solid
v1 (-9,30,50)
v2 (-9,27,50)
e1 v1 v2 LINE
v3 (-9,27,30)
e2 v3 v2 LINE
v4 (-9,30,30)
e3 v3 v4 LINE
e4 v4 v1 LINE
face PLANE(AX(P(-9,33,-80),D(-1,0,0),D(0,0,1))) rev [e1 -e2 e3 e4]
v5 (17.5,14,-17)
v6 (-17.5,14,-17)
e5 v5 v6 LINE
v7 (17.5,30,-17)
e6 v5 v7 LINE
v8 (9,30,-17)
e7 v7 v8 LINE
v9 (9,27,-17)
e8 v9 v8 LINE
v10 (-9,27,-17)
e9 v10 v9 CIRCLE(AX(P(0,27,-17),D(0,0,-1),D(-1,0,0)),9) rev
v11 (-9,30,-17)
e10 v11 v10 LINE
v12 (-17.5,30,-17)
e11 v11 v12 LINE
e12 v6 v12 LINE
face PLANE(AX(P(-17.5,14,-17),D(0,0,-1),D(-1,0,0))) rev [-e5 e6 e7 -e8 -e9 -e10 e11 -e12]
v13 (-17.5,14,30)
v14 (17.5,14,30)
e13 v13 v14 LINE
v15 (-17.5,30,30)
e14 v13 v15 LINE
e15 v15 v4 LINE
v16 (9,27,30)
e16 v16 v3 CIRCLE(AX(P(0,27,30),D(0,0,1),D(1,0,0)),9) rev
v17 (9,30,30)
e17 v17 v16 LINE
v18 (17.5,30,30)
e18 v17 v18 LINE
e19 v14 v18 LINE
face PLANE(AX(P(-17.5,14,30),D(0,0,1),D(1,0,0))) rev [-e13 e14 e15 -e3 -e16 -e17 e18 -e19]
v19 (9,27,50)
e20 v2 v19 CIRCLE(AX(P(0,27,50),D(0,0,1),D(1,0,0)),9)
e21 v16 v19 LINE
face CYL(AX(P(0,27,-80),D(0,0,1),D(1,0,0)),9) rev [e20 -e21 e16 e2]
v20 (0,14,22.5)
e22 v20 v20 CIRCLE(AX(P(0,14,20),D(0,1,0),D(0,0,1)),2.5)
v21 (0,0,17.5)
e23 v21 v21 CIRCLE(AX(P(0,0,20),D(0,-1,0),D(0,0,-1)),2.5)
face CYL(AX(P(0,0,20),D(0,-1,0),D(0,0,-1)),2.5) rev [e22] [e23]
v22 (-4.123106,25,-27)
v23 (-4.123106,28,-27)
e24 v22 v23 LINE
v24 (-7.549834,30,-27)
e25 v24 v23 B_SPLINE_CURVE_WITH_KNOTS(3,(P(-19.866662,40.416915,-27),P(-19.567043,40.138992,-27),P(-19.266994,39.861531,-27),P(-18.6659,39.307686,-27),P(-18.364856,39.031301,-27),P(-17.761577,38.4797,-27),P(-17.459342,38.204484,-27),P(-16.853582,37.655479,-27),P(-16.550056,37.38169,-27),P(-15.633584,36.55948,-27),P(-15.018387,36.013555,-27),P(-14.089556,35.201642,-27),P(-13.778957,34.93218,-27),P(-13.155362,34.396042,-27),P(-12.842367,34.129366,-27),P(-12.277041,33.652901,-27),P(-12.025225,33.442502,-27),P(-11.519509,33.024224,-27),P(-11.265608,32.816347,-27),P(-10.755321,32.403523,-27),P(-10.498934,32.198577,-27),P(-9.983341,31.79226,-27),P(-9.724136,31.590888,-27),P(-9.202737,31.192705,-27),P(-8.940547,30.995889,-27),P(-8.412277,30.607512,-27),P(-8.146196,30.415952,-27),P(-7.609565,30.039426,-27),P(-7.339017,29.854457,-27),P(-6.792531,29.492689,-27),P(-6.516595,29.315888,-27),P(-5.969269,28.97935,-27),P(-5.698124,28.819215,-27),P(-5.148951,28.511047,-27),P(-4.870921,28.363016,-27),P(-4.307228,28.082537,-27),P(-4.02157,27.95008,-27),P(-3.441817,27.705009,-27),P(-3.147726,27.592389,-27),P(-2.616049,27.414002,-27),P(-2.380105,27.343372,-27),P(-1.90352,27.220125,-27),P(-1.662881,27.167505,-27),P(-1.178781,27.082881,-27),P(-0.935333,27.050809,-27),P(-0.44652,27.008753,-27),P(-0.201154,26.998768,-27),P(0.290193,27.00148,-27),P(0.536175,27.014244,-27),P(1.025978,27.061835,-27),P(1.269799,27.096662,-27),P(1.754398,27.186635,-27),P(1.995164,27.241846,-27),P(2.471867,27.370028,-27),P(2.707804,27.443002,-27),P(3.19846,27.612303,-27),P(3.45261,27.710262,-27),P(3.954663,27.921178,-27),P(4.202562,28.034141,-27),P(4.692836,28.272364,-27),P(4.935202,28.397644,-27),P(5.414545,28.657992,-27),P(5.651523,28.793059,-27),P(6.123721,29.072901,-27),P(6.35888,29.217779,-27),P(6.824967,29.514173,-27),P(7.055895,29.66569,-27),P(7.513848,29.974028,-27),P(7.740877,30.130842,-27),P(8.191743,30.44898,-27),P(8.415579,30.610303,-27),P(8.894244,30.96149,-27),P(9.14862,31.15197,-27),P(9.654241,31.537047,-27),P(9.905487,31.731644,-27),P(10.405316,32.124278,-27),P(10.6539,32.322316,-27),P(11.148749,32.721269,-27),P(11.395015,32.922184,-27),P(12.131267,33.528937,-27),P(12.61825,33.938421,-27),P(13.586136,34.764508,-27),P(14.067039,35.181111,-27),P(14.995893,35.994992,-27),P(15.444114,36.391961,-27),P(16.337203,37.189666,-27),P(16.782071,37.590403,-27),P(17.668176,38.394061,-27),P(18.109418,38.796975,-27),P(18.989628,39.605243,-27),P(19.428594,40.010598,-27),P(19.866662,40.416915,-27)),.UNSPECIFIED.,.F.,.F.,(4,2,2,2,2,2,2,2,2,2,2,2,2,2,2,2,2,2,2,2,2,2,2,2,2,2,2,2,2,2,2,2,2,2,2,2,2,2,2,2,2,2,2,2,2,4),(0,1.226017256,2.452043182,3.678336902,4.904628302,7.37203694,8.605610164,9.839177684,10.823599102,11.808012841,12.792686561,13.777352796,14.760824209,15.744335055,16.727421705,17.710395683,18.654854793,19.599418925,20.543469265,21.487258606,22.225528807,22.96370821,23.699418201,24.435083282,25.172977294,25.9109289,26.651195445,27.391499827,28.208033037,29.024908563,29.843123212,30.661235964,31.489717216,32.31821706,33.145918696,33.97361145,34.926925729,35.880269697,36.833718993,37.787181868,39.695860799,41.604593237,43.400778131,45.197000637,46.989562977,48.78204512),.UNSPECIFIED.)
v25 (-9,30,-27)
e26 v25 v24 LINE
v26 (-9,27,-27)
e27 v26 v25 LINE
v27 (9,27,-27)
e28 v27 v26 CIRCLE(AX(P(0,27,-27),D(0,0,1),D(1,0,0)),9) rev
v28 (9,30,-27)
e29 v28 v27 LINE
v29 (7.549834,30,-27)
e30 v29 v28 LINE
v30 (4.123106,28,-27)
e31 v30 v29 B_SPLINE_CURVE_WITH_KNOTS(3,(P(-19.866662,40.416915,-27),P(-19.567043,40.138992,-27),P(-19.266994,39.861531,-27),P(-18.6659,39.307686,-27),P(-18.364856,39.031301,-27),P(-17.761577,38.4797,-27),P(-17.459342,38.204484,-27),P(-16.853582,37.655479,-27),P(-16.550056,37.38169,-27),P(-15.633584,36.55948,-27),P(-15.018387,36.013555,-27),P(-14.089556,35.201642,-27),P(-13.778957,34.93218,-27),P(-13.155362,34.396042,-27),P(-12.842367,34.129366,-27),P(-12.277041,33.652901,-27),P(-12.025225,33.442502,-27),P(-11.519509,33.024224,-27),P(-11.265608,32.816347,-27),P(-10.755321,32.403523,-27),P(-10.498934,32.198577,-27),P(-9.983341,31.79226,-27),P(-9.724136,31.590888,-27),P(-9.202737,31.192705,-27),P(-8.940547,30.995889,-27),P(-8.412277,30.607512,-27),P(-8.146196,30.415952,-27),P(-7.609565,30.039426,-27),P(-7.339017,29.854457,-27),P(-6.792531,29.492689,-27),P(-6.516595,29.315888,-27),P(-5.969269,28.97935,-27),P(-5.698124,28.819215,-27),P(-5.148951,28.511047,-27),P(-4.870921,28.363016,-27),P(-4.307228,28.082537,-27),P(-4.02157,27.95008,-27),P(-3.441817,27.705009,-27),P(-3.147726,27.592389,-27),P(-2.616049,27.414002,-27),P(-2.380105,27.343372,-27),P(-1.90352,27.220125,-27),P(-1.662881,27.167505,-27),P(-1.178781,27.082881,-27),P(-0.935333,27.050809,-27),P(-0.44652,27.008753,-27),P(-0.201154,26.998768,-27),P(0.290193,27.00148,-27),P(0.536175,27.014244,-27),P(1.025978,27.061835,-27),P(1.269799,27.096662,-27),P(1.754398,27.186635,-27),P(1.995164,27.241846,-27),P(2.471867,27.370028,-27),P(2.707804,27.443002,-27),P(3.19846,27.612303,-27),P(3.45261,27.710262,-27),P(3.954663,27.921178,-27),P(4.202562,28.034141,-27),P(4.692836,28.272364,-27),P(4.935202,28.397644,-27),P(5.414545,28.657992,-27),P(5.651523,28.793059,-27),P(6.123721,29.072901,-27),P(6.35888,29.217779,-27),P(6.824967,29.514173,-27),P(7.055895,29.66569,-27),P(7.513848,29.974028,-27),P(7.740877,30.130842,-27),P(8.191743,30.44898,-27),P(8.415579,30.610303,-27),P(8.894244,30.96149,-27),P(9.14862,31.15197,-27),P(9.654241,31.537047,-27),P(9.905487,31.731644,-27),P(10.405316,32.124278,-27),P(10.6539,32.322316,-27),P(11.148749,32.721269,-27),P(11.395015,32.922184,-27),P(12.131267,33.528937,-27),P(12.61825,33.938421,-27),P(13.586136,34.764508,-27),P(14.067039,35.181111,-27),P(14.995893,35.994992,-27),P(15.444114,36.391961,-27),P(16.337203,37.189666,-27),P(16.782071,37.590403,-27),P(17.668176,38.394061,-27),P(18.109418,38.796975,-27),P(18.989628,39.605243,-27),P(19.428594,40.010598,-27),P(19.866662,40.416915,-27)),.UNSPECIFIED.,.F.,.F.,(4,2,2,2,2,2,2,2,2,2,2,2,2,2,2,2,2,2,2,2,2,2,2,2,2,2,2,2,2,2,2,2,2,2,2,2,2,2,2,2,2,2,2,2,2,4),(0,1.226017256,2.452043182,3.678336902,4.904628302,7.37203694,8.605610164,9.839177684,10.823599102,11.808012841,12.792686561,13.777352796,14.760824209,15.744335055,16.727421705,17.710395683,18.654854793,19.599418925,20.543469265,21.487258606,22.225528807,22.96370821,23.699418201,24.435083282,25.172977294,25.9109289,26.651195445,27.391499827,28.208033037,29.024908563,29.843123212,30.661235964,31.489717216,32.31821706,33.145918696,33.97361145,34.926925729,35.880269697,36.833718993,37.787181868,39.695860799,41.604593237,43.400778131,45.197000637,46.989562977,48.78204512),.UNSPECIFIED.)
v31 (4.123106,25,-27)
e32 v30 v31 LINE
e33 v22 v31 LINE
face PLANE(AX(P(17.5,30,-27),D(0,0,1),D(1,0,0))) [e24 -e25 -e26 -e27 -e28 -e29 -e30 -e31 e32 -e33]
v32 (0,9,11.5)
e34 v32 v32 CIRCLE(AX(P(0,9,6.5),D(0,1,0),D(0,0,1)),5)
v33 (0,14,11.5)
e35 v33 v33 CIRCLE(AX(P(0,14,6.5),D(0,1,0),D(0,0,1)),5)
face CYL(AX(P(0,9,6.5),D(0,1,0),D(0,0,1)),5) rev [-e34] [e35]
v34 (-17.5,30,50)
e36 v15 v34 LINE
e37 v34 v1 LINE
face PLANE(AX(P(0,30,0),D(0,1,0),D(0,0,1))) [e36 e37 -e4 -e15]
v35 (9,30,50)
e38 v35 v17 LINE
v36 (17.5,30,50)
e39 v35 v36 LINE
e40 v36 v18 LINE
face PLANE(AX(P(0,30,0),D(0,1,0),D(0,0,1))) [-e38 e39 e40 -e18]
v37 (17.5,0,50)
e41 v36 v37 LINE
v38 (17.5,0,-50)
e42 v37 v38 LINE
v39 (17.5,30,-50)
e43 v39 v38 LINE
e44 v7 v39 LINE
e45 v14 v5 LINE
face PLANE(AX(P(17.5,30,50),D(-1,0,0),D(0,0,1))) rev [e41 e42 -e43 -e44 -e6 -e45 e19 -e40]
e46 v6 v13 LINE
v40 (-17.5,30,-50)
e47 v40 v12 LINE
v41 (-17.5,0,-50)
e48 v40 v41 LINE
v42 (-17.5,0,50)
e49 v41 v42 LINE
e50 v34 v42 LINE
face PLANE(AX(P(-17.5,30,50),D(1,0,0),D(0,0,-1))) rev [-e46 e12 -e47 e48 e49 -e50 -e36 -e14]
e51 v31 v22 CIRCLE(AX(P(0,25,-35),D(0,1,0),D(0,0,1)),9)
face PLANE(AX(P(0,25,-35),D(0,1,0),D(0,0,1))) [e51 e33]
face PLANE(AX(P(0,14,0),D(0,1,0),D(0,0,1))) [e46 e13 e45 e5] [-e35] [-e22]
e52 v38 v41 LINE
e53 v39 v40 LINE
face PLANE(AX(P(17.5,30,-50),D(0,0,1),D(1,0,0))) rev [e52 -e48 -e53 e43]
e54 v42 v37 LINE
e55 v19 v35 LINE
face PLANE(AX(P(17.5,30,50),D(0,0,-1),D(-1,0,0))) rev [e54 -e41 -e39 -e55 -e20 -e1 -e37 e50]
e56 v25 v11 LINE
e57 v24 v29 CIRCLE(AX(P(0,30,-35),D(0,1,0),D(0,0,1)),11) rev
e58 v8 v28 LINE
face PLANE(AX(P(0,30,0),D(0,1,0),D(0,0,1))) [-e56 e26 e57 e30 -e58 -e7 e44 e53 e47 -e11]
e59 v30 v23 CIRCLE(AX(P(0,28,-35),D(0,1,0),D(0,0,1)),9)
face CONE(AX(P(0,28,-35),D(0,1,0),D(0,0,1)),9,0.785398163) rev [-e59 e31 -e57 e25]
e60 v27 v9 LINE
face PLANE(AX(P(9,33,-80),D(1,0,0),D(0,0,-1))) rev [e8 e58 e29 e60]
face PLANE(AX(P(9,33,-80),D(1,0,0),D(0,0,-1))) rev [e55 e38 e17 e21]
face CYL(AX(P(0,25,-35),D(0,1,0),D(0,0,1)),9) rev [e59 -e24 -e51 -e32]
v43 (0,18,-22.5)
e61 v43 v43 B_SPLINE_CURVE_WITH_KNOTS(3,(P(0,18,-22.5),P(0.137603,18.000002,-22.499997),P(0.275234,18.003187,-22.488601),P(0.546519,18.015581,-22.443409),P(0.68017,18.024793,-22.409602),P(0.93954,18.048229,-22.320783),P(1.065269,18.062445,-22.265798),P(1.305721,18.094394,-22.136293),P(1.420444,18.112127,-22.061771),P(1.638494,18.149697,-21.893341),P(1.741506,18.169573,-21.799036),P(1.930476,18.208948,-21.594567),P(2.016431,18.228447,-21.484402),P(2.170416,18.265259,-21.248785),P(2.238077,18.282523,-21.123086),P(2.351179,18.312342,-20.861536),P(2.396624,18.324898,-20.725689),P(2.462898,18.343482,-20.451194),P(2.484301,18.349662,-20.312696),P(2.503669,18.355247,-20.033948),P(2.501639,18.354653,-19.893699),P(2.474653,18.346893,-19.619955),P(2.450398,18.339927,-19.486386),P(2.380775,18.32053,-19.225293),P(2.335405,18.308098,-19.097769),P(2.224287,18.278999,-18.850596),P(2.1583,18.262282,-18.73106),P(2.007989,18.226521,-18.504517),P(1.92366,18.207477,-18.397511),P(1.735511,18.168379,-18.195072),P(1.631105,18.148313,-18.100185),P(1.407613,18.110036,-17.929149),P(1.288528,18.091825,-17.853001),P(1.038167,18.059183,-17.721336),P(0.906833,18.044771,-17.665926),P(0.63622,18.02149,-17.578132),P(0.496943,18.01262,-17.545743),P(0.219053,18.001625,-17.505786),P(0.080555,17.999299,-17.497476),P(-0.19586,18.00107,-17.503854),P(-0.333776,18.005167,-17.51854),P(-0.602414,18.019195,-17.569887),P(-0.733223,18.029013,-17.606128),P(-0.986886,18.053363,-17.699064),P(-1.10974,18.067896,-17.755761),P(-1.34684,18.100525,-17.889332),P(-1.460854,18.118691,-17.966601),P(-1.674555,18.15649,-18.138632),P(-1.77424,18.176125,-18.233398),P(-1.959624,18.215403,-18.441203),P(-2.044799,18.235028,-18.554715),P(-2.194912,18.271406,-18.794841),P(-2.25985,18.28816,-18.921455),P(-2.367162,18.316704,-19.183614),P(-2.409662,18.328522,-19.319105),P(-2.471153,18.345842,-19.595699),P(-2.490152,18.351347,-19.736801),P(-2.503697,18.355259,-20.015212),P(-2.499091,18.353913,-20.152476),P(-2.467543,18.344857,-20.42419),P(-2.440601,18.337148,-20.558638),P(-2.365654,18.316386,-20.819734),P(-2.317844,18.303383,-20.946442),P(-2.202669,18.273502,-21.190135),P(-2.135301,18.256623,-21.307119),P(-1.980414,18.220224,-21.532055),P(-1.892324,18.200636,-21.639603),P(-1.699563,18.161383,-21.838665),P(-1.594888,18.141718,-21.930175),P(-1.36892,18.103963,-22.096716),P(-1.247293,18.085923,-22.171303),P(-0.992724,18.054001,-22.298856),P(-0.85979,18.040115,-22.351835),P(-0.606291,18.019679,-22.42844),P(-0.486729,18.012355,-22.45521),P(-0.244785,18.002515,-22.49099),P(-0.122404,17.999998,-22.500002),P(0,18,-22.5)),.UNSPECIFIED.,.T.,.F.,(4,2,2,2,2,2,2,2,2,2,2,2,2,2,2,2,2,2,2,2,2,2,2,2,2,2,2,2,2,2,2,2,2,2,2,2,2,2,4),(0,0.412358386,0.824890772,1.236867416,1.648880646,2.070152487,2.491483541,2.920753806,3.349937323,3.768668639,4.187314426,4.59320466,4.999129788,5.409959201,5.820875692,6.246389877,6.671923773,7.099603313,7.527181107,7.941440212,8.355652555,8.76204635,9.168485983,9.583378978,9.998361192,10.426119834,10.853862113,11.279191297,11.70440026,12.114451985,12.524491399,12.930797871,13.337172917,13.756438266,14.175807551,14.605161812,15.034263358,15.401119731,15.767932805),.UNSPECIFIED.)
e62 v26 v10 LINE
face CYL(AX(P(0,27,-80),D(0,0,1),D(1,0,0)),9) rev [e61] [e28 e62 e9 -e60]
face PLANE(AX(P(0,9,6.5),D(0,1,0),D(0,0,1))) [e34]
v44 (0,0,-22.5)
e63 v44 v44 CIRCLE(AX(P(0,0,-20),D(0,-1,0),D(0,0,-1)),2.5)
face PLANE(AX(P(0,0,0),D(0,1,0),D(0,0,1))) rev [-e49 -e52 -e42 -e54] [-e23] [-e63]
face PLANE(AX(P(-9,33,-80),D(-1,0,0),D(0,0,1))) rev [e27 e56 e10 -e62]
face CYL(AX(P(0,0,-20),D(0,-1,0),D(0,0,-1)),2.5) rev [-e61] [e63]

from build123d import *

# Parameters (mm, degrees)
SKETCH_1_W          = 35
SKETCH_1_H          = 100
EXTRUDE_1_DEPTH     = 30
SKETCH_2_R          = 9
CUT_EXTRUDE_1_DEPTH = 5
CHAMFER_1_SIZE      = 2
CUT_EXTRUDE_3_DEPTH = 77
SKETCH_4_W          = 35
SKETCH_4_H          = 47
CUT_EXTRUDE_4_DEPTH = 16
HOLE_WIZARD_M6_1_D  = 5
SKETCH_7_R          = 5
CUT_EXTRUDE_5_DEPTH = 5


with BuildPart() as part:
    # 草图1 → 凸台-拉伸1 (new body)
    with BuildSketch(Plane(origin=(0, 0, 0), x_dir=(1, 0, 0), z_dir=(0, 1, 0))):
        Rectangle(SKETCH_1_W, SKETCH_1_H)
    extrude(amount=EXTRUDE_1_DEPTH)

    # 草图2 → 切除-拉伸1 (cut)
    with BuildSketch(Plane(origin=(0, 30, 0), x_dir=(1, 0, 0), z_dir=(0, 1, 0))):
        with Locations((0, 35)):
            Circle(SKETCH_2_R)
    extrude(amount=-CUT_EXTRUDE_1_DEPTH, mode=Mode.SUBTRACT)

    # 倒角1
    chamfer_1_edges = [part.edges().sort_by_distance(p)[0] for p in [
        (-9, 30, -35),
    ]]
    chamfer(chamfer_1_edges, length=CHAMFER_1_SIZE)

    # 草图3 → 切除-拉伸3 (cut)
    with BuildSketch(Plane.XY.offset(50)):
        with BuildLine():
            Line((9, 33), (9, 27))
            ThreePointArc((9, 27), (0, 18), (-9, 27))
            Line((-9, 27), (-9, 33))
            ThreePointArc((-9, 33), (0, 42), (9, 33))
        make_face()
    extrude(amount=-CUT_EXTRUDE_3_DEPTH, mode=Mode.SUBTRACT)

    # 草图4 → 切除-拉伸4 (cut)
    with BuildSketch(Plane(origin=(0, 30, 0), x_dir=(1, 0, 0), z_dir=(0, 1, 0))):
        with Locations((0, -6.5)):
            Rectangle(SKETCH_4_W, SKETCH_4_H)
    extrude(amount=-CUT_EXTRUDE_4_DEPTH, mode=Mode.SUBTRACT)

    # M6 螺纹孔1 (through all)
    with Locations(Plane(origin=(0, 0, -20), x_dir=(0, 0, -1), z_dir=(0, -1, 0))):
        with Locations((0, 0), (-40, 0)):
            Hole(HOLE_WIZARD_M6_1_D / 2)

    # 草图7 → 切除-拉伸5 (cut)
    with BuildSketch(Plane(origin=(0, 14, 0), x_dir=(1, 0, 0), z_dir=(0, 1, 0))):
        with Locations((0, -6.5)):
            Circle(SKETCH_7_R)
    extrude(amount=-CUT_EXTRUDE_5_DEPTH, mode=Mode.SUBTRACT)


solid = part.part
